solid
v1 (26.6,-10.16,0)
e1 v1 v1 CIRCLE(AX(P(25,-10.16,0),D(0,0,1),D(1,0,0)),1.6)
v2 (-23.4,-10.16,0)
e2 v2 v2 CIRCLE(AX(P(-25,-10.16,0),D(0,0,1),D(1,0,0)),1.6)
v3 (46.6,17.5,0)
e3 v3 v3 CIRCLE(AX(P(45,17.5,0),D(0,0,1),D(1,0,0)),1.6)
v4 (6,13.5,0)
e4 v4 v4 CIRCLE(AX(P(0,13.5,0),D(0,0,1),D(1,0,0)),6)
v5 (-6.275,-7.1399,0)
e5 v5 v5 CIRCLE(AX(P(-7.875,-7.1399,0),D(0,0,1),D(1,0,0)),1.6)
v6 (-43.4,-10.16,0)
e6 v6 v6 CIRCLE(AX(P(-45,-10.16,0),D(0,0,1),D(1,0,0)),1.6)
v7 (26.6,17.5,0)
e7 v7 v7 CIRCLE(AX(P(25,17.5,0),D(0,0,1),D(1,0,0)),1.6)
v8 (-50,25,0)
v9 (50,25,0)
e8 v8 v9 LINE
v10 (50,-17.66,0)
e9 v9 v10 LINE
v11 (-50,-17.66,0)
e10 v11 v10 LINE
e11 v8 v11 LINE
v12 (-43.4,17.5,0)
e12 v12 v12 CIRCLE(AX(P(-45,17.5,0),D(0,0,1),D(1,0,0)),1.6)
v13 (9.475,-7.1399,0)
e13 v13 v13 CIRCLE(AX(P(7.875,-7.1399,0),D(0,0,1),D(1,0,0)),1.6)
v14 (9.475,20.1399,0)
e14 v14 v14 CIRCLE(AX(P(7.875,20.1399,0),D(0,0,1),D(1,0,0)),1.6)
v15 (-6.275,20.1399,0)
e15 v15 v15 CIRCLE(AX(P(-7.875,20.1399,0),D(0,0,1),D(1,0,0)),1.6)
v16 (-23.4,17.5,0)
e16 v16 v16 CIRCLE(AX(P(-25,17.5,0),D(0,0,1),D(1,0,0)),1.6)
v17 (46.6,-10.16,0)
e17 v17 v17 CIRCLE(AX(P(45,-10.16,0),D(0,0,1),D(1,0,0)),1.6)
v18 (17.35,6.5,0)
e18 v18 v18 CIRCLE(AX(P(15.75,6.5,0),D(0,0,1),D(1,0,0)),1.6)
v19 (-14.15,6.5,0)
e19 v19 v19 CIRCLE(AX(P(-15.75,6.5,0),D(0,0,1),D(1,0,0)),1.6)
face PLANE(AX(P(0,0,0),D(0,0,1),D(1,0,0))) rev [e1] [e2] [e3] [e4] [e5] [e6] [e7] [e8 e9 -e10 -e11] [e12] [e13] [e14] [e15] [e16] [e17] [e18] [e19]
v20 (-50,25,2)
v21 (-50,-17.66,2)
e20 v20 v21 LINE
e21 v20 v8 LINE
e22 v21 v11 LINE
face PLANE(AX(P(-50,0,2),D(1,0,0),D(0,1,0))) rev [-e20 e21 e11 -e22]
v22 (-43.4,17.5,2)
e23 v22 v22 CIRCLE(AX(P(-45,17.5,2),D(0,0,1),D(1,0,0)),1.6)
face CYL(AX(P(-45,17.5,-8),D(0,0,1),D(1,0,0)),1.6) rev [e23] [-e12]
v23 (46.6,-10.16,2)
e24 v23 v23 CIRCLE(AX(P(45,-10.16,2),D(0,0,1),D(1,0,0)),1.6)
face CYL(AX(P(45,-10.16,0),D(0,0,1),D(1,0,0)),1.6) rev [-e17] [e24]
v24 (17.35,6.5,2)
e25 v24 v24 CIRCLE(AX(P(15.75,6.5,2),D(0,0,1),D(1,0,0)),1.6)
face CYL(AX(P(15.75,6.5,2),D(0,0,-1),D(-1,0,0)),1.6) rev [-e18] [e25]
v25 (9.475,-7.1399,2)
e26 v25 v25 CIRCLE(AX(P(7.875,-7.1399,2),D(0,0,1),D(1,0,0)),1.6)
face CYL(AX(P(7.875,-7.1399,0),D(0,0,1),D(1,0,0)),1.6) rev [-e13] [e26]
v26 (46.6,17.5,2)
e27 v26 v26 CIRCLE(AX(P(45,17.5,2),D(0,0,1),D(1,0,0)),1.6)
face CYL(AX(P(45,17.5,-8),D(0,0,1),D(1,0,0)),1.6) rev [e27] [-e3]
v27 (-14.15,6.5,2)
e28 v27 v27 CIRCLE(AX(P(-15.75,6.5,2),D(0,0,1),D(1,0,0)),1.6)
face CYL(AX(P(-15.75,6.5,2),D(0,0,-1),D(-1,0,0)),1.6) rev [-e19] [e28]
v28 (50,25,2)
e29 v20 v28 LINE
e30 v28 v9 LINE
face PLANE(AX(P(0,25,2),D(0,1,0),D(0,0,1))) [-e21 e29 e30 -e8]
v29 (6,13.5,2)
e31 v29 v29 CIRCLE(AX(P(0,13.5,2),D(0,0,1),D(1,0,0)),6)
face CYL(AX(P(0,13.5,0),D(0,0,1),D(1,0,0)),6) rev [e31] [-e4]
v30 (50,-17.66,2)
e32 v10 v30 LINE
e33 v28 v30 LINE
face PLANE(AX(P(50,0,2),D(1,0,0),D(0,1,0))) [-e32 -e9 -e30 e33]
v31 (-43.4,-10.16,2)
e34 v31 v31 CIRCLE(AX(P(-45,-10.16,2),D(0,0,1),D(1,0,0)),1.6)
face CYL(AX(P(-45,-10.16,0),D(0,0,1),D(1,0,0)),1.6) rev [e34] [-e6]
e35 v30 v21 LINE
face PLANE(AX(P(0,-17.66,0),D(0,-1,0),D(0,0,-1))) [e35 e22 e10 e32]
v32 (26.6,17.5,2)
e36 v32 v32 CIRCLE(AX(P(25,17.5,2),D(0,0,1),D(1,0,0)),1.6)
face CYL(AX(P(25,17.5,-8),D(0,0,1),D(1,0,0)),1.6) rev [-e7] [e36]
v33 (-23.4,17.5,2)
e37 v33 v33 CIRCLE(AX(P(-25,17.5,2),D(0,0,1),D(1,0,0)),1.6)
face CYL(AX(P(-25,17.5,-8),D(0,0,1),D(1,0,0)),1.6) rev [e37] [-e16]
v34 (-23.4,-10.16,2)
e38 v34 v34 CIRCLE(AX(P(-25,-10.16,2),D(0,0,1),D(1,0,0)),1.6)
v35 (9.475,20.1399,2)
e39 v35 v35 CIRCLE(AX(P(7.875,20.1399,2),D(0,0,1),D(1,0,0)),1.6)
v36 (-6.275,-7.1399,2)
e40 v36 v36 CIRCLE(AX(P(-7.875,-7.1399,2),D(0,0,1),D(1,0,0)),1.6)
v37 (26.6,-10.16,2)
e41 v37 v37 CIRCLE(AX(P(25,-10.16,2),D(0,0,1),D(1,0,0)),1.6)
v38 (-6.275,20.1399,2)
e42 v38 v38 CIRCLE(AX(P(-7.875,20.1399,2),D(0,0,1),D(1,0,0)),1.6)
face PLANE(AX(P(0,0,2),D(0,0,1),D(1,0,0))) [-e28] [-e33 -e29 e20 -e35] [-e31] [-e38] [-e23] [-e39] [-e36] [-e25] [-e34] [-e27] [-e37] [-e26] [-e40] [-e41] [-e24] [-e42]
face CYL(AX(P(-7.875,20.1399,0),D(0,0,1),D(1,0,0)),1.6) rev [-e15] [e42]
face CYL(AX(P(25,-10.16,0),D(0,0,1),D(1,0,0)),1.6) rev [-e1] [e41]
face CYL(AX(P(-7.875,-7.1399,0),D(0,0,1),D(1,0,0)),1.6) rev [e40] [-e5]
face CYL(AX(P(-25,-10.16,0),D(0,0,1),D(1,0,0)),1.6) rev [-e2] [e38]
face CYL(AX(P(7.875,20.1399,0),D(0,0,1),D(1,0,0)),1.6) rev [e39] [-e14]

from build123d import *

# Parameters (mm, degrees)
SKETCH_1_W          = 100
SKETCH_1_H          = 50
SKETCH_1_R          = 1.6
EXTRUDE_1_DEPTH     = 2
SKETCH_3_R          = 6
CUT_EXTRUDE_2_DEPTH = 2
SKETCH_4_R          = 1.6
CUT_EXTRUDE_3_DEPTH = 2
CUT_EXTRUDE_7_DEPTH = 3
SKETCH_6_W          = 100
SKETCH_6_H          = 2
CUT_EXTRUDE_8_DEPTH = 7.34
SKETCH_7_R          = 1.6
CUT_EXTRUDE_9_DEPTH = 10


with BuildPart() as part:
    # ｽｹｯﾁ1 → ﾎﾞｽ - 押し出し1 (new body)
    with BuildSketch(Plane.XY):
        Rectangle(SKETCH_1_W, SKETCH_1_H)
        with Locations((-15.75, 6.5)):
            Circle(SKETCH_1_R, mode=Mode.SUBTRACT)
        with Locations((15.75, 6.5)):
            Circle(SKETCH_1_R, mode=Mode.SUBTRACT)
    extrude(amount=EXTRUDE_1_DEPTH)

    # ｽｹｯﾁ3 → ｶｯﾄ - 押し出し2 (cut)
    with BuildSketch(Plane.XY.offset(2)):
        with Locations((0, 13.5)):
            Circle(SKETCH_3_R)
    extrude(amount=-CUT_EXTRUDE_2_DEPTH, mode=Mode.SUBTRACT)

    # ｽｹｯﾁ4 → ｶｯﾄ - 押し出し3 (cut)
    with BuildSketch(Plane.XY.offset(2)):
        with Locations((-7.875, 20.13990011)):
            Circle(SKETCH_4_R)
        with Locations((7.875, 20.13990011)):
            Circle(SKETCH_4_R)
        with Locations((-7.875, -7.13990011)):
            Circle(SKETCH_4_R)
        with Locations((7.875, -7.13990011)):
            Circle(SKETCH_4_R)
    extrude(amount=-CUT_EXTRUDE_3_DEPTH, mode=Mode.SUBTRACT)

    # ｽｹｯﾁ5 → ｶｯﾄ - 押し出し7 (cut, through all)
    with BuildSketch(Plane.XY.offset(2)):
        with BuildLine():
            ThreePointArc((-46.6, -10.16), (-45, -11.76), (-43.4, -10.16))
            Line((-43.4, -10.16), (-45, -10.16))
            Line((-45, -10.16), (-46.6, -10.16))
        make_face()
        with BuildLine():
            Line((-45, -10.16), (-43.4, -10.16))
            ThreePointArc((-43.4, -10.16), (-45, -8.56), (-46.6, -10.16))
            Line((-46.6, -10.16), (-45, -10.16))
        make_face()
        with BuildLine():
            ThreePointArc((-26.6, -10.16), (-25, -11.76), (-23.4, -10.16))
            Line((-23.4, -10.16), (-25, -10.16))
            Line((-25, -10.16), (-26.6, -10.16))
        make_face()
        with BuildLine():
            Line((-25, -10.16), (-23.4, -10.16))
            ThreePointArc((-23.4, -10.16), (-25, -8.56), (-26.6, -10.16))
            Line((-26.6, -10.16), (-25, -10.16))
        make_face()
        with BuildLine():
            ThreePointArc((46.6, -10.16), (45, -8.56), (43.4, -10.16))
            Line((43.4, -10.16), (45, -10.16))
            Line((45, -10.16), (46.6, -10.16))
        make_face()
        with BuildLine():
            Line((45, -10.16), (43.4, -10.16))
            ThreePointArc((43.4, -10.16), (45, -11.76), (46.6, -10.16))
            Line((46.6, -10.16), (45, -10.16))
        make_face()
        with BuildLine():
            ThreePointArc((26.6, -10.16), (25, -8.56), (23.4, -10.16))
            Line((23.4, -10.16), (25, -10.16))
            Line((25, -10.16), (26.6, -10.16))
        make_face()
        with BuildLine():
            Line((25, -10.16), (23.4, -10.16))
            ThreePointArc((23.4, -10.16), (25, -11.76), (26.6, -10.16))
            Line((26.6, -10.16), (25, -10.16))
        make_face()
    extrude(amount=-CUT_EXTRUDE_7_DEPTH, mode=Mode.SUBTRACT)

    # ｽｹｯﾁ6 → ｶｯﾄ - 押し出し8 (cut)
    with BuildSketch(Plane.XZ.offset(25)):
        with Locations((0, 1)):
            Rectangle(SKETCH_6_W, SKETCH_6_H)
    extrude(amount=-CUT_EXTRUDE_8_DEPTH, mode=Mode.SUBTRACT)

    # ｽｹｯﾁ7 → ｶｯﾄ - 押し出し9 (cut)
    with BuildSketch(Plane.XY.offset(2)):
        with Locations((-45, 17.5)):
            Circle(SKETCH_7_R)
        with Locations((-25, 17.5)):
            Circle(SKETCH_7_R)
        with Locations((45, 17.5)):
            Circle(SKETCH_7_R)
        with Locations((25, 17.5)):
            Circle(SKETCH_7_R)
    extrude(amount=-CUT_EXTRUDE_9_DEPTH, mode=Mode.SUBTRACT)


solid = part.part
